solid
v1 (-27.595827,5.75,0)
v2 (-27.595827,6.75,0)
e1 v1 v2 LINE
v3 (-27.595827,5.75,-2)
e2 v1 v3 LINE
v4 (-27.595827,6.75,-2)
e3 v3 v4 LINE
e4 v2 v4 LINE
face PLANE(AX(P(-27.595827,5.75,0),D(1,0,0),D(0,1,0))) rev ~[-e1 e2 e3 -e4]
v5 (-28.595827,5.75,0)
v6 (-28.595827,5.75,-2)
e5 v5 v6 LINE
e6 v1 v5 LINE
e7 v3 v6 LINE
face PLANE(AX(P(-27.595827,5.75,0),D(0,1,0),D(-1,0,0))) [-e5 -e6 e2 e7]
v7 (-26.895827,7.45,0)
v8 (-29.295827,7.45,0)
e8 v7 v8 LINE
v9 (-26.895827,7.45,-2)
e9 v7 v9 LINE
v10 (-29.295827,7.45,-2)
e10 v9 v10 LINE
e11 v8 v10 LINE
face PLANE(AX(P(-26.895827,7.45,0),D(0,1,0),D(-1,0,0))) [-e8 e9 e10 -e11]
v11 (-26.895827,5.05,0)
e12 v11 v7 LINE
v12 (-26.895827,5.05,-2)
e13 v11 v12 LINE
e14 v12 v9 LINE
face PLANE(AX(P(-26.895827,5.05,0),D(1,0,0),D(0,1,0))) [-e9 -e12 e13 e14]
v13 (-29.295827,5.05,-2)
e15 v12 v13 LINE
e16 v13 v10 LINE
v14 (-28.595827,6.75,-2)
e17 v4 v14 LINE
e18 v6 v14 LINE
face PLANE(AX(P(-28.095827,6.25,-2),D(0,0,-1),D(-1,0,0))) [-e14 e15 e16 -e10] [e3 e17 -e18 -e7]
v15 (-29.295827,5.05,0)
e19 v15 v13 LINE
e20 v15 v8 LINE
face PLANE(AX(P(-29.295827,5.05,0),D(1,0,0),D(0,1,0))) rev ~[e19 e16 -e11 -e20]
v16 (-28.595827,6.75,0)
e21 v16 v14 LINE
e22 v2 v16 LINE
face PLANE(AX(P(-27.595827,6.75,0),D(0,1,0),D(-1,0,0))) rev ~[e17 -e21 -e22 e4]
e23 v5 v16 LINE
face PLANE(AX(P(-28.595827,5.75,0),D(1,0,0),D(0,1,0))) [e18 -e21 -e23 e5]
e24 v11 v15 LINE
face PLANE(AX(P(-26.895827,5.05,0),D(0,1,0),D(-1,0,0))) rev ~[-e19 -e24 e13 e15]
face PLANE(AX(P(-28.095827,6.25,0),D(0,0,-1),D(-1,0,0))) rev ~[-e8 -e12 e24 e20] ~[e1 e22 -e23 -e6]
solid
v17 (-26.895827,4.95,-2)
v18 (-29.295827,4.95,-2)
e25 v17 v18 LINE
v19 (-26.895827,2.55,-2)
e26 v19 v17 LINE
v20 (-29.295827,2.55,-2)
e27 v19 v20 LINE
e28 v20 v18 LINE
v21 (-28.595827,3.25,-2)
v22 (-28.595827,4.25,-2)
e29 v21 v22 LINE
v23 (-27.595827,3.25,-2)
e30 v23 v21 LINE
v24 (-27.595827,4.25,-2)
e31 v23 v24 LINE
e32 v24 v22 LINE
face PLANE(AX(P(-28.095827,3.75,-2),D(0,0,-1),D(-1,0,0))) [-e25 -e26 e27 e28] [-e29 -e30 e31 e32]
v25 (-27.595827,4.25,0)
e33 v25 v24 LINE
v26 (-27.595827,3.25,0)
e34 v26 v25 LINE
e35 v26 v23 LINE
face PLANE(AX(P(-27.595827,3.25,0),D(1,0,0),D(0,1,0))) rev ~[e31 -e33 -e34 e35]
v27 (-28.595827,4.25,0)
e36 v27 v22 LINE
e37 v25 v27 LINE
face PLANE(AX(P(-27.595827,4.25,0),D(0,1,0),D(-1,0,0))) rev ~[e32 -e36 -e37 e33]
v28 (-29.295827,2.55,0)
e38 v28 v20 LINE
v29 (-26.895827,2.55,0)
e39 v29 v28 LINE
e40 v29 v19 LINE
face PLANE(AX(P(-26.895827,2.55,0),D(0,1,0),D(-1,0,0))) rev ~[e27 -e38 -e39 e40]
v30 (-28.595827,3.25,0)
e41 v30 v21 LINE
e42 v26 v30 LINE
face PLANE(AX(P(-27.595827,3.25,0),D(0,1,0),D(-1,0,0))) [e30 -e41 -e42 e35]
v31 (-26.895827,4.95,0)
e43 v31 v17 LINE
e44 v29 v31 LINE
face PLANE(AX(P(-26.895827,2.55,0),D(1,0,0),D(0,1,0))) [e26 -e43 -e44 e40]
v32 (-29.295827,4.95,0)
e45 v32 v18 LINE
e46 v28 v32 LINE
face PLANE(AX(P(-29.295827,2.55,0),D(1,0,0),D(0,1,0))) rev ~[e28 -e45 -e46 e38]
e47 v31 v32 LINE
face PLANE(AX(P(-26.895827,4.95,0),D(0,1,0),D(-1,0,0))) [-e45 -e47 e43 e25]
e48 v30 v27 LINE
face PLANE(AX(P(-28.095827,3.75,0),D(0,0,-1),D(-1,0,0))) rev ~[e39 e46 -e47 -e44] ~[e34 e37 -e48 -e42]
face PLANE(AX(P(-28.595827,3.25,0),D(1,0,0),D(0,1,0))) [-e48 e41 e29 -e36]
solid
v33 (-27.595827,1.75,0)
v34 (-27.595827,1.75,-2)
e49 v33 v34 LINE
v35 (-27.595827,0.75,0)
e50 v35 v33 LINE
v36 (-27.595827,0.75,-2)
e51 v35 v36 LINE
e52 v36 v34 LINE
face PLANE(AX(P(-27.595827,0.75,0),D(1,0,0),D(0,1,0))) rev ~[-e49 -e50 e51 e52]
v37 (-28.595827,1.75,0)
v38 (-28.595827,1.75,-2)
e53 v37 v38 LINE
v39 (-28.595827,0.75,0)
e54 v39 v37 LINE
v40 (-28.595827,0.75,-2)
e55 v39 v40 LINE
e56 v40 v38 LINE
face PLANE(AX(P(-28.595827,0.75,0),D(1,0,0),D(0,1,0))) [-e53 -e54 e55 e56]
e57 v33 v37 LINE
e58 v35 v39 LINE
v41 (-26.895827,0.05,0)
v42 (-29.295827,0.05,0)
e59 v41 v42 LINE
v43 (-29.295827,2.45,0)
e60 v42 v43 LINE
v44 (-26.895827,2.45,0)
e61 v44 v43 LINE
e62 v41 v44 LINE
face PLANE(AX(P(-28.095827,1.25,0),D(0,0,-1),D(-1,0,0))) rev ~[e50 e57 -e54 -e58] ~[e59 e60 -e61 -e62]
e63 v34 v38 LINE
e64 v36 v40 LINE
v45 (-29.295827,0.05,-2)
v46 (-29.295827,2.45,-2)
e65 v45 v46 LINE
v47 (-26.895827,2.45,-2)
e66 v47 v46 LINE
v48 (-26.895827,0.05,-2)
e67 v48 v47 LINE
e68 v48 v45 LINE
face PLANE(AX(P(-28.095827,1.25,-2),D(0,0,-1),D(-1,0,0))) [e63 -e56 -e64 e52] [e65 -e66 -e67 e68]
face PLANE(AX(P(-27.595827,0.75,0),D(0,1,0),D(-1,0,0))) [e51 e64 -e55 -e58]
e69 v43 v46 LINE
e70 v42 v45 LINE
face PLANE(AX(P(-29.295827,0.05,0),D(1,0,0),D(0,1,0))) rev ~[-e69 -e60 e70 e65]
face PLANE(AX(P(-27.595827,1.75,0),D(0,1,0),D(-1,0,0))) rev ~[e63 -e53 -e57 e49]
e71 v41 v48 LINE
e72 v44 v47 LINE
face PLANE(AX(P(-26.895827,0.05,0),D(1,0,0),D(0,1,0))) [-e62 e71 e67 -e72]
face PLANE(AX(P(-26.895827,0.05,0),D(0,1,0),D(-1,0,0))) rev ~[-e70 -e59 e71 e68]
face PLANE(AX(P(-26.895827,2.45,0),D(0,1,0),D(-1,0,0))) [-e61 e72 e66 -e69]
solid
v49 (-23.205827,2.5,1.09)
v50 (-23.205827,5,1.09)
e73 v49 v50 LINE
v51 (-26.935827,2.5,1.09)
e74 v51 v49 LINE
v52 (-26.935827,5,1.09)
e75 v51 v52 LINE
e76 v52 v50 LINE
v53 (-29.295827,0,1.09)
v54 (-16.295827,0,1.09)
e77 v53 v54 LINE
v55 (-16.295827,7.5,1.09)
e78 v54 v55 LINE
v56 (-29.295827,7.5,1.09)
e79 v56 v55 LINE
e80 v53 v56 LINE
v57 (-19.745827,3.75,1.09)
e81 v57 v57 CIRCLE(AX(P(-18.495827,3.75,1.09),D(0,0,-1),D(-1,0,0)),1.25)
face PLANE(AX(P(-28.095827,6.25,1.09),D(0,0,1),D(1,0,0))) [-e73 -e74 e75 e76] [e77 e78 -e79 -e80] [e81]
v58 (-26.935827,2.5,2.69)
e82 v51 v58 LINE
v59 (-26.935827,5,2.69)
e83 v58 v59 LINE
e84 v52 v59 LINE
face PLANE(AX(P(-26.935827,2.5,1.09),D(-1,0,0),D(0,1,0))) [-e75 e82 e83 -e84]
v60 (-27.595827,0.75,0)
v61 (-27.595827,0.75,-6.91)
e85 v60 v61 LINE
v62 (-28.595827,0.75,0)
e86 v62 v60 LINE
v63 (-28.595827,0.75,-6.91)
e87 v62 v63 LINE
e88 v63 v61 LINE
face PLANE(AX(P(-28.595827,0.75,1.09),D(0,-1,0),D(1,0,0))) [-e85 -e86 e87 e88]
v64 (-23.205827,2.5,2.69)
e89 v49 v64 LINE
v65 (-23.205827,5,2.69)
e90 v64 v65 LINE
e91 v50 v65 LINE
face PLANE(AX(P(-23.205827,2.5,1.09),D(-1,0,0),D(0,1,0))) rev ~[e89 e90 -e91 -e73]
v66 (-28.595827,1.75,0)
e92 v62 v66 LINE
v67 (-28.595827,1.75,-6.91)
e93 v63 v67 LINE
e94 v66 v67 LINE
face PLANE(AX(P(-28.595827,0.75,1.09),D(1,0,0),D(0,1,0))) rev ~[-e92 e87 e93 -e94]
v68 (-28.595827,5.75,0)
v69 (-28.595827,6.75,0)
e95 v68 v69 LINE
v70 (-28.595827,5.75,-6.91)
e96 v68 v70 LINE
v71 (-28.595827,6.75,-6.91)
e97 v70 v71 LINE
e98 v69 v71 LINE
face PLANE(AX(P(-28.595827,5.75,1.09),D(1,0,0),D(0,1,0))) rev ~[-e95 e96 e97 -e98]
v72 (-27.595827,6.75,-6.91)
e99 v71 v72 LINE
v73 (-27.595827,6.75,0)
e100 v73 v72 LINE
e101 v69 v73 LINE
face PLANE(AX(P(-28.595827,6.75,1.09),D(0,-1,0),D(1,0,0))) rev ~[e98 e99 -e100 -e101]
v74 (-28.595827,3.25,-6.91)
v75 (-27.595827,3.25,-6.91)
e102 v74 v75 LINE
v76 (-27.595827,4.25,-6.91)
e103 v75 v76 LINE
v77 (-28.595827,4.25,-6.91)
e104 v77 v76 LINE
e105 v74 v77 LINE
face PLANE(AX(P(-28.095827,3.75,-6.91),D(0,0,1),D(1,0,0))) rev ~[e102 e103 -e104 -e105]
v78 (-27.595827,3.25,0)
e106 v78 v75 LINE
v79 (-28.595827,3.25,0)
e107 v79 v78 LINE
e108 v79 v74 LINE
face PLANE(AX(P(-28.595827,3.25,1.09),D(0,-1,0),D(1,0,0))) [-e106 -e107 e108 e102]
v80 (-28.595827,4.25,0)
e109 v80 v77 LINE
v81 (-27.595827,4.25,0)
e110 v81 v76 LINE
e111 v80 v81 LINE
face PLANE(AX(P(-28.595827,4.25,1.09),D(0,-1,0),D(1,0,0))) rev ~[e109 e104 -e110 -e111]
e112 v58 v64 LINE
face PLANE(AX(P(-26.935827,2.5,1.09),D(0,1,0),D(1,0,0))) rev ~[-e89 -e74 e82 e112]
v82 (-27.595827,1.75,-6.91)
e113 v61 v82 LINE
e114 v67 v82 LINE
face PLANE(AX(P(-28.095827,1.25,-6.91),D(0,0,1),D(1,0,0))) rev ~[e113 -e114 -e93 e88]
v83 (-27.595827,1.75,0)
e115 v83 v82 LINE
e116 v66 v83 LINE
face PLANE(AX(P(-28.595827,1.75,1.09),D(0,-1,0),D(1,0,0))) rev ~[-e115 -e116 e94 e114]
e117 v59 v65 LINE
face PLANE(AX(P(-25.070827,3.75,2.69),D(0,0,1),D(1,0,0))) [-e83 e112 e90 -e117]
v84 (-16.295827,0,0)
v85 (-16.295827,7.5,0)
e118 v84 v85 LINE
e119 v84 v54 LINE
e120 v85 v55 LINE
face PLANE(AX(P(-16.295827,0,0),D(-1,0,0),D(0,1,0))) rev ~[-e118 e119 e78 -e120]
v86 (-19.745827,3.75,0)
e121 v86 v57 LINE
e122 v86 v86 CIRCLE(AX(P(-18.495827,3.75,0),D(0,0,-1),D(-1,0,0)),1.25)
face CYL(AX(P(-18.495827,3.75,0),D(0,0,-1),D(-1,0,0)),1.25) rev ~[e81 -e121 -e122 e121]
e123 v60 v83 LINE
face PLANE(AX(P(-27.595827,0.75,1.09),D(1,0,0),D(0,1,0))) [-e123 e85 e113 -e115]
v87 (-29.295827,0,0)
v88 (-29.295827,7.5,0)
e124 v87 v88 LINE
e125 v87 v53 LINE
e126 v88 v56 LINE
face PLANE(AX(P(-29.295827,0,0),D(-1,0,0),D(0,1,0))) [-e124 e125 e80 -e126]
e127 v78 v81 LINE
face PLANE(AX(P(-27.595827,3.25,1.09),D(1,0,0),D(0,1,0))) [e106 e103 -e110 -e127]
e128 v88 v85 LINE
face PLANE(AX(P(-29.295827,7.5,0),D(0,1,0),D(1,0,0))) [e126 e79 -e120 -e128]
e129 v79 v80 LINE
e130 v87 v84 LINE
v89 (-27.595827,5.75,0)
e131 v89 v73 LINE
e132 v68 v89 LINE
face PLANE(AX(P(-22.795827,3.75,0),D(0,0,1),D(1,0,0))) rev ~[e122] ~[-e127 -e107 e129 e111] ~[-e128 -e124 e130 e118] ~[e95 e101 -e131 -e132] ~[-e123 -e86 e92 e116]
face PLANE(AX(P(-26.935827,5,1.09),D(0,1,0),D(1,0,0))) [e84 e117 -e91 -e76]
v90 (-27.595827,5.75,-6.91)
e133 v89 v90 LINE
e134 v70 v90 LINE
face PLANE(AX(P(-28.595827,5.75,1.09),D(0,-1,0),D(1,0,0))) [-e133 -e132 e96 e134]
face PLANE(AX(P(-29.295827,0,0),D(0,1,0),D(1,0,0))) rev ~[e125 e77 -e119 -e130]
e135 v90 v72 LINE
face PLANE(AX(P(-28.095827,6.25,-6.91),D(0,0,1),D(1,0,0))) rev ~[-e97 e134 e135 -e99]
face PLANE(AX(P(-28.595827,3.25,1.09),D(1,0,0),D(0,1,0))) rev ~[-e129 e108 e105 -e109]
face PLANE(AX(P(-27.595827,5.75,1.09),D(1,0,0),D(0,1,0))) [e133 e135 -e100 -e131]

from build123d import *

# Parameters (mm, degrees)
ESQUISSE1_W             = 13
ESQUISSE1_H             = 7.5
BOSS_EXTRU_3_DEPTH      = 1.09
ESQUISSE4_W             = 3.73
ESQUISSE4_H             = 2.5
BOSS_EXTRU_4_DEPTH      = 1.6
ESQUISSE5_W             = 1
ESQUISSE5_H             = 1
BOSS_EXTRU_5_DEPTH      = 8
ESQUISSE6_W             = 2.4
ESQUISSE6_H             = 2.4
ESQUISSE6_W_2           = 1
ESQUISSE6_H_2           = 1
BOSS_EXTRU_6_DEPTH      = 2
BOSS_EXTRU_6_2_DEPTH    = 2
BOSS_EXTRU_6_3_DEPTH    = 2
ESQUISSE7_R             = 1.25
ENL_V_MAT_EXTRU_1_DEPTH = 32.020050982


with BuildPart() as part:
    # Esquisse1 → Boss.-Extru.3 (new body)
    with BuildSketch(Plane.XY):
        with Locations((-22.795826716, 3.75)):
            Rectangle(ESQUISSE1_W, ESQUISSE1_H)
    extrude(amount=BOSS_EXTRU_3_DEPTH)

    # Esquisse4 → Boss.-Extru.4 (add)
    with BuildSketch(Plane.XY.offset(1.09)):
        with Locations((-25.070826716, 3.75)):
            Rectangle(ESQUISSE4_W, ESQUISSE4_H)
    extrude(amount=BOSS_EXTRU_4_DEPTH)

    # Esquisse5 → Boss.-Extru.5 (add)
    with BuildSketch(Plane.XY.offset(1.09)):
        with Locations((-28.095826716, 6.25)):
            Rectangle(ESQUISSE5_W, ESQUISSE5_H)
        with Locations((-28.095826716, 3.75)):
            Rectangle(ESQUISSE5_W, ESQUISSE5_H)
        with Locations((-28.095826716, 1.25)):
            Rectangle(ESQUISSE5_W, ESQUISSE5_H)
    extrude(amount=-BOSS_EXTRU_5_DEPTH)

    # Esquisse7 → Enlèv. mat.-Extru.1 (cut, through all)
    with BuildSketch(Plane(origin=(0, 0, 0), x_dir=(-1, 0, 0), z_dir=(0, 0, -1))):
        with Locations((18.495826716, 3.75)):
            Circle(ESQUISSE7_R)
    extrude(amount=-ENL_V_MAT_EXTRU_1_DEPTH, mode=Mode.SUBTRACT)


with BuildPart() as body_2:
    # Esquisse6 → Boss.-Extru.6 (new body)
    with BuildSketch(Plane(origin=(0, 0, 0), x_dir=(-1, 0, 0), z_dir=(0, 0, -1))):
        with Locations((28.095826716, 6.25)):
            Rectangle(ESQUISSE6_W, ESQUISSE6_H)
        with Locations((28.095826716, 6.25)):
            Rectangle(ESQUISSE6_W_2, ESQUISSE6_H_2, mode=Mode.SUBTRACT)
    extrude(amount=BOSS_EXTRU_6_DEPTH)


with BuildPart() as body_3:
    # Esquisse6 → Boss.-Extru.6 2 (new body)
    with BuildSketch(Plane(origin=(0, 0, 0), x_dir=(-1, 0, 0), z_dir=(0, 0, -1))):
        with Locations((28.095826716, 3.75)):
            Rectangle(ESQUISSE6_W, ESQUISSE6_H)
        with Locations((28.095826716, 3.75)):
            Rectangle(ESQUISSE6_W_2, ESQUISSE6_H_2, mode=Mode.SUBTRACT)
    extrude(amount=BOSS_EXTRU_6_2_DEPTH)


with BuildPart() as body_4:
    # Esquisse6 → Boss.-Extru.6 3 (new body)
    with BuildSketch(Plane(origin=(0, 0, 0), x_dir=(-1, 0, 0), z_dir=(0, 0, -1))):
        with Locations((28.095826716, 1.25)):
            Rectangle(ESQUISSE6_W, ESQUISSE6_H)
        with Locations((28.095826716, 1.25)):
            Rectangle(ESQUISSE6_W_2, ESQUISSE6_H_2, mode=Mode.SUBTRACT)
    extrude(amount=BOSS_EXTRU_6_3_DEPTH)


solid = Compound([part.part, body_2.part, body_3.part, body_4.part])
